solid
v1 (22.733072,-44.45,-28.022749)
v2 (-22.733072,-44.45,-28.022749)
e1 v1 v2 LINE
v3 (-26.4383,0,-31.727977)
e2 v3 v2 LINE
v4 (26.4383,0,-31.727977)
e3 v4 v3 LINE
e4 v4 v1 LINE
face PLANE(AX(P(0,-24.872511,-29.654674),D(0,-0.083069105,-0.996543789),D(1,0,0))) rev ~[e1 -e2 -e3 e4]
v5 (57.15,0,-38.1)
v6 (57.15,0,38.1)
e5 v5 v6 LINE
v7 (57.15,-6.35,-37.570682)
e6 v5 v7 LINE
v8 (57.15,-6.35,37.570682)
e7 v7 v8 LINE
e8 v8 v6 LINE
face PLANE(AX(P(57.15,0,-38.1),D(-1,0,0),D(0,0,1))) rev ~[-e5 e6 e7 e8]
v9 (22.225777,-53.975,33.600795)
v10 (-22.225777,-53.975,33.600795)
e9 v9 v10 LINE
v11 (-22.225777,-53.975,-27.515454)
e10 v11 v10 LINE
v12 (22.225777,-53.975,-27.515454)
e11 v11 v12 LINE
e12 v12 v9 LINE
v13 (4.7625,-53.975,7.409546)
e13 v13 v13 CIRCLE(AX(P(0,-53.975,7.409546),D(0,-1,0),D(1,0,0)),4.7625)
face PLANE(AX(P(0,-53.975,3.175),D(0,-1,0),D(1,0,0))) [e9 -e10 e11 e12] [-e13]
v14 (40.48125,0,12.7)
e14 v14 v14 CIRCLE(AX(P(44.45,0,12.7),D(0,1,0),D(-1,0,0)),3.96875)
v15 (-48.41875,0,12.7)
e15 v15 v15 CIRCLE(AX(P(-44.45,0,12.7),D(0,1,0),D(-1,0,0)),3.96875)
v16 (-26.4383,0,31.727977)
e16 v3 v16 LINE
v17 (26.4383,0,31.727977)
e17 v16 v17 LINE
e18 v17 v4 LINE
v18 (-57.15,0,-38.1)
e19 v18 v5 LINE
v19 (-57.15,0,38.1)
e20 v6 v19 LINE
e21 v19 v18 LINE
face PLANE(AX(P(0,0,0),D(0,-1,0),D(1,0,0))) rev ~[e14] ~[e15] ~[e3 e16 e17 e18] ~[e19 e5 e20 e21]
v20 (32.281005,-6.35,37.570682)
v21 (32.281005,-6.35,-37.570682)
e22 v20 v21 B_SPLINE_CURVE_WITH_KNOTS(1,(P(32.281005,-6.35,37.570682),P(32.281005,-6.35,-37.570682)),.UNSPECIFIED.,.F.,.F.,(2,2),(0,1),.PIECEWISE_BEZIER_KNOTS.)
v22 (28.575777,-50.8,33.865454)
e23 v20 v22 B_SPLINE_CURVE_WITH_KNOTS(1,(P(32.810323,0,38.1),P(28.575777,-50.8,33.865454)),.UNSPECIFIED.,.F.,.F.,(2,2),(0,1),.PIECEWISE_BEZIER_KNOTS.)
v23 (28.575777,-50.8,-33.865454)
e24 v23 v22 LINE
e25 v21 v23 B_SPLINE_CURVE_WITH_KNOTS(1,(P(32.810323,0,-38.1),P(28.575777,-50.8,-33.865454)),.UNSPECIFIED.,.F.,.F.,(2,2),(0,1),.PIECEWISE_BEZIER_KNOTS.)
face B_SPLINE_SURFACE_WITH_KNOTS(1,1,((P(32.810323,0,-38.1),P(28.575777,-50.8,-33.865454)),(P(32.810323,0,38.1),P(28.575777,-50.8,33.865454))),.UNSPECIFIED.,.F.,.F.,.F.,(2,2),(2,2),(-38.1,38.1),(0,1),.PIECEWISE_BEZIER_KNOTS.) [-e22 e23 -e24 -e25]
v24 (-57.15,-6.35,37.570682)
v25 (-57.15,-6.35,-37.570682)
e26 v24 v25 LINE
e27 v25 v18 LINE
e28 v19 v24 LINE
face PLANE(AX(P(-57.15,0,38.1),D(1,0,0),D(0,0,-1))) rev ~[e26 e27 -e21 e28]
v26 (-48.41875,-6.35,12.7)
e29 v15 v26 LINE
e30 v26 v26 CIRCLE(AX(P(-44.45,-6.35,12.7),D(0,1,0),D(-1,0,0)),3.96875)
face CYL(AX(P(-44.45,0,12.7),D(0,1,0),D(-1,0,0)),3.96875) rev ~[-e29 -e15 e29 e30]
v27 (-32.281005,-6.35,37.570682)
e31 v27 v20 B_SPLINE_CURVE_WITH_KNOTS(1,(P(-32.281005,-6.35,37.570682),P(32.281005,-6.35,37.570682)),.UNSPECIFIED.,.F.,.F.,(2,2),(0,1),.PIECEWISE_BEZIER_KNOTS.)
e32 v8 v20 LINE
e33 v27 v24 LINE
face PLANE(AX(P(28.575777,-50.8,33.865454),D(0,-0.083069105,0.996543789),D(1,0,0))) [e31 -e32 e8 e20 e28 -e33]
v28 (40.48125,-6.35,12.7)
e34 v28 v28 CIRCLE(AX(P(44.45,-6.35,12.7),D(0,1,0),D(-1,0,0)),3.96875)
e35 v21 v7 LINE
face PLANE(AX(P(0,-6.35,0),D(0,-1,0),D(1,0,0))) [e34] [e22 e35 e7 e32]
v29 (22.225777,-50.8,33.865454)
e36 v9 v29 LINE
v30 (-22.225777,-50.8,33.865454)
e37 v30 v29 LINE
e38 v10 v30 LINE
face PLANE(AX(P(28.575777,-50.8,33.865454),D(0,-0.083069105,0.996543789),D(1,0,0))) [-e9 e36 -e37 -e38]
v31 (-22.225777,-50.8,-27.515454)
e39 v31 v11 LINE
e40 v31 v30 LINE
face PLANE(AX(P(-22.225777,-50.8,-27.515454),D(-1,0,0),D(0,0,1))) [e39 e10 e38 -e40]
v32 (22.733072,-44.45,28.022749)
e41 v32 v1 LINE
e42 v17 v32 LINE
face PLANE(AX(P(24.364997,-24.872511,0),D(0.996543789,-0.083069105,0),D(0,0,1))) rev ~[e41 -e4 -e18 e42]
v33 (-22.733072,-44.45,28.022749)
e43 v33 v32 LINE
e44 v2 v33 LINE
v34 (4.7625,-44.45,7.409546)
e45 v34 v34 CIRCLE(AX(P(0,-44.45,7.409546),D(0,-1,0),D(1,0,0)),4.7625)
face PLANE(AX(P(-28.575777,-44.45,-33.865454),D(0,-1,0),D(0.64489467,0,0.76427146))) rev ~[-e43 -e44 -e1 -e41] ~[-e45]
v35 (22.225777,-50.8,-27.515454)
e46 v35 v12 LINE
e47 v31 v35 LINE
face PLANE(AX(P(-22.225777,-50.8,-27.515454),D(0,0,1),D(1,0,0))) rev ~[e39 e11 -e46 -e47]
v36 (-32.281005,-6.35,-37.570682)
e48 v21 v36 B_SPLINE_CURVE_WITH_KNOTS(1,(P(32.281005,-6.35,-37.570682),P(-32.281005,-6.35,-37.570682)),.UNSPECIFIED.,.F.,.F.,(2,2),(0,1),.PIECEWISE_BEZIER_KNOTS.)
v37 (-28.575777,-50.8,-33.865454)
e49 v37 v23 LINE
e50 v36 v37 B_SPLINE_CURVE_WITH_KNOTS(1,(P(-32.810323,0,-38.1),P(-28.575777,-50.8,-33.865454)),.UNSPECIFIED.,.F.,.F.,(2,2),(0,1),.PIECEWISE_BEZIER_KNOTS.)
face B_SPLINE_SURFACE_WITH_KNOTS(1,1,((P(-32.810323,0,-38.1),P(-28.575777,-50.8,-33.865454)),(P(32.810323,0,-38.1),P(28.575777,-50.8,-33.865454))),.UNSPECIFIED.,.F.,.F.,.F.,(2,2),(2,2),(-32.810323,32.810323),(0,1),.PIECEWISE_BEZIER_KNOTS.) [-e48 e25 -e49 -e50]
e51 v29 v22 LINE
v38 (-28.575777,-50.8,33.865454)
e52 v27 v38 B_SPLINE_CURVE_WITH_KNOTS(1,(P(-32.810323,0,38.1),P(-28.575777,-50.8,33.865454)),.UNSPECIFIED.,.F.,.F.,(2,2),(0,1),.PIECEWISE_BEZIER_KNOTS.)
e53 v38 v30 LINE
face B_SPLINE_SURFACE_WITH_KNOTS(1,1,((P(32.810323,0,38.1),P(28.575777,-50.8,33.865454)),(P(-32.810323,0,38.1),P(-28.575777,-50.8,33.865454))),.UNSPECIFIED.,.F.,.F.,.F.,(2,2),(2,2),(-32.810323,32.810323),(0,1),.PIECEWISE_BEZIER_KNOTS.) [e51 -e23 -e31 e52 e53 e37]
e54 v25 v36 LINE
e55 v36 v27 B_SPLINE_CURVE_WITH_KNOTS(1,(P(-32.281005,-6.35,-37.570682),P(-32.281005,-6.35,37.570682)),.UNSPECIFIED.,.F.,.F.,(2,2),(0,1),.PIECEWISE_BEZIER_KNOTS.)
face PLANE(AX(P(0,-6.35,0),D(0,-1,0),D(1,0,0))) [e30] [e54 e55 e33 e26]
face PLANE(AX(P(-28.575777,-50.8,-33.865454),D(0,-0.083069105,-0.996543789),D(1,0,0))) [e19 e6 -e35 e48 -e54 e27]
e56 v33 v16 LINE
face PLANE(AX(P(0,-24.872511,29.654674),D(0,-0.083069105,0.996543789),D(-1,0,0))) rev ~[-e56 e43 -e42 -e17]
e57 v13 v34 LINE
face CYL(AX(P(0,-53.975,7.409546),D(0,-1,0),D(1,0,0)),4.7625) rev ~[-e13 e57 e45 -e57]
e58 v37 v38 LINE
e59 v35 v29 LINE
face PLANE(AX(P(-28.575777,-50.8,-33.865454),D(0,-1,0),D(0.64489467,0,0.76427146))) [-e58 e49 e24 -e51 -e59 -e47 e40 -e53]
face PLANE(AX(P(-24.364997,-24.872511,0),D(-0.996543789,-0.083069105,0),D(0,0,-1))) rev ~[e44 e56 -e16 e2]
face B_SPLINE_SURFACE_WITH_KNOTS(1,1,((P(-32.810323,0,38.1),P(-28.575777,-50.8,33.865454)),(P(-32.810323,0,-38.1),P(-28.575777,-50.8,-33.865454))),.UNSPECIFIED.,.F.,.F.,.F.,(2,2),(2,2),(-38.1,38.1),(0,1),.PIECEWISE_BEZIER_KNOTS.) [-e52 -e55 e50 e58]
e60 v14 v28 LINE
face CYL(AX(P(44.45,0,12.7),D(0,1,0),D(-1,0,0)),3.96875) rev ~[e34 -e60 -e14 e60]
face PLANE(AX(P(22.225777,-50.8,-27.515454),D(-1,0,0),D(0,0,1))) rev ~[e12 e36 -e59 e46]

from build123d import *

# Parameters (mm, degrees)
F0_W      = 65.620646
F0_H      = 76.2
F1_DEPTH  = 50.8
F1_TAPER  = 4.765
F2_T      = -6.35
F3_W      = 44.4515540981
F3_H      = 61.380908036
F4_DEPTH  = 3.175
F5_W      = 52.8765998903
F5_H      = 63.4559538903
F6_DEPTH  = 6.35
F7_R      = 127
F8_DEPTH  = 4.4846550372
F9_R      = 114.3
F10_DEPTH = 4.4846550455
F11_R     = 3.96875
F12_DEPTH = 53.9760001
F13_R     = 4.7625
F14_DEPTH = 53.9760001


with BuildPart() as f1:
    # F0 (on Front) → F1 (new body)
    with BuildSketch(Plane.XZ):
        Rectangle(F0_W, F0_H)
    extrude(amount=F1_DEPTH, taper=F1_TAPER)

    # F2
    f2_openings = [f1.faces().sort_by_distance(p)[0] for p in [
        (0, 0, 0),
    ]]
    offset(amount=F2_T, openings=f2_openings)

    # F3 (on face) → F4 (join)
    with BuildSketch(Plane.XZ.offset(50.8)):
        with Locations((0, 3.174999969)):
            Rectangle(F3_W, F3_H)
    extrude(amount=F4_DEPTH)

    # F5 (on Front) → F6 (join)
    with BuildSketch(Plane.XZ):
        Polygon((-32.810323, -38.1), (32.810323, -38.1), (57.15, -38.1), (57.15, 38.1), (32.810323, 38.1), (-32.810323, 38.1), (-57.15, 38.1), (-57.15, -38.1), align=None)
        Rectangle(F5_W, F5_H, mode=Mode.SUBTRACT)
    extrude(amount=F6_DEPTH)

    # F7 (on face) → F8 (cut, through all)
    with BuildSketch(Plane(origin=(0, -3.1539942218, 37.8370918571), x_dir=(1, 0, 0), z_dir=(0, -0.0830691049, 0.9965437892))):
        with Locations((28.5757769869, -47.8112515417)):
            Circle(F7_R)
    extrude(amount=F8_DEPTH, mode=Mode.SUBTRACT)

    # F9 (on face) → F10 (cut, through all)
    with BuildSketch(Plane(origin=(0, -3.1539942218, -37.8370918571), x_dir=(1, 0, 0), z_dir=(0, -0.0830691049, -0.9965437892))):
        with Locations((-28.5757769869, 47.8112515417)):
            Circle(F9_R)
    extrude(amount=F10_DEPTH, mode=Mode.SUBTRACT)

    # F11 (on face) → F12 (cut, through all)
    with BuildSketch(Plane(origin=(0, 0, 0), x_dir=(-1, 0, 0), z_dir=(0, 1, 0))):
        with Locations((-44.45, 12.7)):
            Circle(F11_R)
        with Locations((44.45, 12.7)):
            Circle(F11_R)
    extrude(amount=-F12_DEPTH, mode=Mode.SUBTRACT)

    # F13 (on face) → F14 (cut, through all)
    with BuildSketch(Plane.XZ.offset(53.975)):
        with Locations((0, 7.4095460131)):
            Circle(F13_R)
    extrude(amount=-F14_DEPTH, mode=Mode.SUBTRACT)


solid = f1.part
